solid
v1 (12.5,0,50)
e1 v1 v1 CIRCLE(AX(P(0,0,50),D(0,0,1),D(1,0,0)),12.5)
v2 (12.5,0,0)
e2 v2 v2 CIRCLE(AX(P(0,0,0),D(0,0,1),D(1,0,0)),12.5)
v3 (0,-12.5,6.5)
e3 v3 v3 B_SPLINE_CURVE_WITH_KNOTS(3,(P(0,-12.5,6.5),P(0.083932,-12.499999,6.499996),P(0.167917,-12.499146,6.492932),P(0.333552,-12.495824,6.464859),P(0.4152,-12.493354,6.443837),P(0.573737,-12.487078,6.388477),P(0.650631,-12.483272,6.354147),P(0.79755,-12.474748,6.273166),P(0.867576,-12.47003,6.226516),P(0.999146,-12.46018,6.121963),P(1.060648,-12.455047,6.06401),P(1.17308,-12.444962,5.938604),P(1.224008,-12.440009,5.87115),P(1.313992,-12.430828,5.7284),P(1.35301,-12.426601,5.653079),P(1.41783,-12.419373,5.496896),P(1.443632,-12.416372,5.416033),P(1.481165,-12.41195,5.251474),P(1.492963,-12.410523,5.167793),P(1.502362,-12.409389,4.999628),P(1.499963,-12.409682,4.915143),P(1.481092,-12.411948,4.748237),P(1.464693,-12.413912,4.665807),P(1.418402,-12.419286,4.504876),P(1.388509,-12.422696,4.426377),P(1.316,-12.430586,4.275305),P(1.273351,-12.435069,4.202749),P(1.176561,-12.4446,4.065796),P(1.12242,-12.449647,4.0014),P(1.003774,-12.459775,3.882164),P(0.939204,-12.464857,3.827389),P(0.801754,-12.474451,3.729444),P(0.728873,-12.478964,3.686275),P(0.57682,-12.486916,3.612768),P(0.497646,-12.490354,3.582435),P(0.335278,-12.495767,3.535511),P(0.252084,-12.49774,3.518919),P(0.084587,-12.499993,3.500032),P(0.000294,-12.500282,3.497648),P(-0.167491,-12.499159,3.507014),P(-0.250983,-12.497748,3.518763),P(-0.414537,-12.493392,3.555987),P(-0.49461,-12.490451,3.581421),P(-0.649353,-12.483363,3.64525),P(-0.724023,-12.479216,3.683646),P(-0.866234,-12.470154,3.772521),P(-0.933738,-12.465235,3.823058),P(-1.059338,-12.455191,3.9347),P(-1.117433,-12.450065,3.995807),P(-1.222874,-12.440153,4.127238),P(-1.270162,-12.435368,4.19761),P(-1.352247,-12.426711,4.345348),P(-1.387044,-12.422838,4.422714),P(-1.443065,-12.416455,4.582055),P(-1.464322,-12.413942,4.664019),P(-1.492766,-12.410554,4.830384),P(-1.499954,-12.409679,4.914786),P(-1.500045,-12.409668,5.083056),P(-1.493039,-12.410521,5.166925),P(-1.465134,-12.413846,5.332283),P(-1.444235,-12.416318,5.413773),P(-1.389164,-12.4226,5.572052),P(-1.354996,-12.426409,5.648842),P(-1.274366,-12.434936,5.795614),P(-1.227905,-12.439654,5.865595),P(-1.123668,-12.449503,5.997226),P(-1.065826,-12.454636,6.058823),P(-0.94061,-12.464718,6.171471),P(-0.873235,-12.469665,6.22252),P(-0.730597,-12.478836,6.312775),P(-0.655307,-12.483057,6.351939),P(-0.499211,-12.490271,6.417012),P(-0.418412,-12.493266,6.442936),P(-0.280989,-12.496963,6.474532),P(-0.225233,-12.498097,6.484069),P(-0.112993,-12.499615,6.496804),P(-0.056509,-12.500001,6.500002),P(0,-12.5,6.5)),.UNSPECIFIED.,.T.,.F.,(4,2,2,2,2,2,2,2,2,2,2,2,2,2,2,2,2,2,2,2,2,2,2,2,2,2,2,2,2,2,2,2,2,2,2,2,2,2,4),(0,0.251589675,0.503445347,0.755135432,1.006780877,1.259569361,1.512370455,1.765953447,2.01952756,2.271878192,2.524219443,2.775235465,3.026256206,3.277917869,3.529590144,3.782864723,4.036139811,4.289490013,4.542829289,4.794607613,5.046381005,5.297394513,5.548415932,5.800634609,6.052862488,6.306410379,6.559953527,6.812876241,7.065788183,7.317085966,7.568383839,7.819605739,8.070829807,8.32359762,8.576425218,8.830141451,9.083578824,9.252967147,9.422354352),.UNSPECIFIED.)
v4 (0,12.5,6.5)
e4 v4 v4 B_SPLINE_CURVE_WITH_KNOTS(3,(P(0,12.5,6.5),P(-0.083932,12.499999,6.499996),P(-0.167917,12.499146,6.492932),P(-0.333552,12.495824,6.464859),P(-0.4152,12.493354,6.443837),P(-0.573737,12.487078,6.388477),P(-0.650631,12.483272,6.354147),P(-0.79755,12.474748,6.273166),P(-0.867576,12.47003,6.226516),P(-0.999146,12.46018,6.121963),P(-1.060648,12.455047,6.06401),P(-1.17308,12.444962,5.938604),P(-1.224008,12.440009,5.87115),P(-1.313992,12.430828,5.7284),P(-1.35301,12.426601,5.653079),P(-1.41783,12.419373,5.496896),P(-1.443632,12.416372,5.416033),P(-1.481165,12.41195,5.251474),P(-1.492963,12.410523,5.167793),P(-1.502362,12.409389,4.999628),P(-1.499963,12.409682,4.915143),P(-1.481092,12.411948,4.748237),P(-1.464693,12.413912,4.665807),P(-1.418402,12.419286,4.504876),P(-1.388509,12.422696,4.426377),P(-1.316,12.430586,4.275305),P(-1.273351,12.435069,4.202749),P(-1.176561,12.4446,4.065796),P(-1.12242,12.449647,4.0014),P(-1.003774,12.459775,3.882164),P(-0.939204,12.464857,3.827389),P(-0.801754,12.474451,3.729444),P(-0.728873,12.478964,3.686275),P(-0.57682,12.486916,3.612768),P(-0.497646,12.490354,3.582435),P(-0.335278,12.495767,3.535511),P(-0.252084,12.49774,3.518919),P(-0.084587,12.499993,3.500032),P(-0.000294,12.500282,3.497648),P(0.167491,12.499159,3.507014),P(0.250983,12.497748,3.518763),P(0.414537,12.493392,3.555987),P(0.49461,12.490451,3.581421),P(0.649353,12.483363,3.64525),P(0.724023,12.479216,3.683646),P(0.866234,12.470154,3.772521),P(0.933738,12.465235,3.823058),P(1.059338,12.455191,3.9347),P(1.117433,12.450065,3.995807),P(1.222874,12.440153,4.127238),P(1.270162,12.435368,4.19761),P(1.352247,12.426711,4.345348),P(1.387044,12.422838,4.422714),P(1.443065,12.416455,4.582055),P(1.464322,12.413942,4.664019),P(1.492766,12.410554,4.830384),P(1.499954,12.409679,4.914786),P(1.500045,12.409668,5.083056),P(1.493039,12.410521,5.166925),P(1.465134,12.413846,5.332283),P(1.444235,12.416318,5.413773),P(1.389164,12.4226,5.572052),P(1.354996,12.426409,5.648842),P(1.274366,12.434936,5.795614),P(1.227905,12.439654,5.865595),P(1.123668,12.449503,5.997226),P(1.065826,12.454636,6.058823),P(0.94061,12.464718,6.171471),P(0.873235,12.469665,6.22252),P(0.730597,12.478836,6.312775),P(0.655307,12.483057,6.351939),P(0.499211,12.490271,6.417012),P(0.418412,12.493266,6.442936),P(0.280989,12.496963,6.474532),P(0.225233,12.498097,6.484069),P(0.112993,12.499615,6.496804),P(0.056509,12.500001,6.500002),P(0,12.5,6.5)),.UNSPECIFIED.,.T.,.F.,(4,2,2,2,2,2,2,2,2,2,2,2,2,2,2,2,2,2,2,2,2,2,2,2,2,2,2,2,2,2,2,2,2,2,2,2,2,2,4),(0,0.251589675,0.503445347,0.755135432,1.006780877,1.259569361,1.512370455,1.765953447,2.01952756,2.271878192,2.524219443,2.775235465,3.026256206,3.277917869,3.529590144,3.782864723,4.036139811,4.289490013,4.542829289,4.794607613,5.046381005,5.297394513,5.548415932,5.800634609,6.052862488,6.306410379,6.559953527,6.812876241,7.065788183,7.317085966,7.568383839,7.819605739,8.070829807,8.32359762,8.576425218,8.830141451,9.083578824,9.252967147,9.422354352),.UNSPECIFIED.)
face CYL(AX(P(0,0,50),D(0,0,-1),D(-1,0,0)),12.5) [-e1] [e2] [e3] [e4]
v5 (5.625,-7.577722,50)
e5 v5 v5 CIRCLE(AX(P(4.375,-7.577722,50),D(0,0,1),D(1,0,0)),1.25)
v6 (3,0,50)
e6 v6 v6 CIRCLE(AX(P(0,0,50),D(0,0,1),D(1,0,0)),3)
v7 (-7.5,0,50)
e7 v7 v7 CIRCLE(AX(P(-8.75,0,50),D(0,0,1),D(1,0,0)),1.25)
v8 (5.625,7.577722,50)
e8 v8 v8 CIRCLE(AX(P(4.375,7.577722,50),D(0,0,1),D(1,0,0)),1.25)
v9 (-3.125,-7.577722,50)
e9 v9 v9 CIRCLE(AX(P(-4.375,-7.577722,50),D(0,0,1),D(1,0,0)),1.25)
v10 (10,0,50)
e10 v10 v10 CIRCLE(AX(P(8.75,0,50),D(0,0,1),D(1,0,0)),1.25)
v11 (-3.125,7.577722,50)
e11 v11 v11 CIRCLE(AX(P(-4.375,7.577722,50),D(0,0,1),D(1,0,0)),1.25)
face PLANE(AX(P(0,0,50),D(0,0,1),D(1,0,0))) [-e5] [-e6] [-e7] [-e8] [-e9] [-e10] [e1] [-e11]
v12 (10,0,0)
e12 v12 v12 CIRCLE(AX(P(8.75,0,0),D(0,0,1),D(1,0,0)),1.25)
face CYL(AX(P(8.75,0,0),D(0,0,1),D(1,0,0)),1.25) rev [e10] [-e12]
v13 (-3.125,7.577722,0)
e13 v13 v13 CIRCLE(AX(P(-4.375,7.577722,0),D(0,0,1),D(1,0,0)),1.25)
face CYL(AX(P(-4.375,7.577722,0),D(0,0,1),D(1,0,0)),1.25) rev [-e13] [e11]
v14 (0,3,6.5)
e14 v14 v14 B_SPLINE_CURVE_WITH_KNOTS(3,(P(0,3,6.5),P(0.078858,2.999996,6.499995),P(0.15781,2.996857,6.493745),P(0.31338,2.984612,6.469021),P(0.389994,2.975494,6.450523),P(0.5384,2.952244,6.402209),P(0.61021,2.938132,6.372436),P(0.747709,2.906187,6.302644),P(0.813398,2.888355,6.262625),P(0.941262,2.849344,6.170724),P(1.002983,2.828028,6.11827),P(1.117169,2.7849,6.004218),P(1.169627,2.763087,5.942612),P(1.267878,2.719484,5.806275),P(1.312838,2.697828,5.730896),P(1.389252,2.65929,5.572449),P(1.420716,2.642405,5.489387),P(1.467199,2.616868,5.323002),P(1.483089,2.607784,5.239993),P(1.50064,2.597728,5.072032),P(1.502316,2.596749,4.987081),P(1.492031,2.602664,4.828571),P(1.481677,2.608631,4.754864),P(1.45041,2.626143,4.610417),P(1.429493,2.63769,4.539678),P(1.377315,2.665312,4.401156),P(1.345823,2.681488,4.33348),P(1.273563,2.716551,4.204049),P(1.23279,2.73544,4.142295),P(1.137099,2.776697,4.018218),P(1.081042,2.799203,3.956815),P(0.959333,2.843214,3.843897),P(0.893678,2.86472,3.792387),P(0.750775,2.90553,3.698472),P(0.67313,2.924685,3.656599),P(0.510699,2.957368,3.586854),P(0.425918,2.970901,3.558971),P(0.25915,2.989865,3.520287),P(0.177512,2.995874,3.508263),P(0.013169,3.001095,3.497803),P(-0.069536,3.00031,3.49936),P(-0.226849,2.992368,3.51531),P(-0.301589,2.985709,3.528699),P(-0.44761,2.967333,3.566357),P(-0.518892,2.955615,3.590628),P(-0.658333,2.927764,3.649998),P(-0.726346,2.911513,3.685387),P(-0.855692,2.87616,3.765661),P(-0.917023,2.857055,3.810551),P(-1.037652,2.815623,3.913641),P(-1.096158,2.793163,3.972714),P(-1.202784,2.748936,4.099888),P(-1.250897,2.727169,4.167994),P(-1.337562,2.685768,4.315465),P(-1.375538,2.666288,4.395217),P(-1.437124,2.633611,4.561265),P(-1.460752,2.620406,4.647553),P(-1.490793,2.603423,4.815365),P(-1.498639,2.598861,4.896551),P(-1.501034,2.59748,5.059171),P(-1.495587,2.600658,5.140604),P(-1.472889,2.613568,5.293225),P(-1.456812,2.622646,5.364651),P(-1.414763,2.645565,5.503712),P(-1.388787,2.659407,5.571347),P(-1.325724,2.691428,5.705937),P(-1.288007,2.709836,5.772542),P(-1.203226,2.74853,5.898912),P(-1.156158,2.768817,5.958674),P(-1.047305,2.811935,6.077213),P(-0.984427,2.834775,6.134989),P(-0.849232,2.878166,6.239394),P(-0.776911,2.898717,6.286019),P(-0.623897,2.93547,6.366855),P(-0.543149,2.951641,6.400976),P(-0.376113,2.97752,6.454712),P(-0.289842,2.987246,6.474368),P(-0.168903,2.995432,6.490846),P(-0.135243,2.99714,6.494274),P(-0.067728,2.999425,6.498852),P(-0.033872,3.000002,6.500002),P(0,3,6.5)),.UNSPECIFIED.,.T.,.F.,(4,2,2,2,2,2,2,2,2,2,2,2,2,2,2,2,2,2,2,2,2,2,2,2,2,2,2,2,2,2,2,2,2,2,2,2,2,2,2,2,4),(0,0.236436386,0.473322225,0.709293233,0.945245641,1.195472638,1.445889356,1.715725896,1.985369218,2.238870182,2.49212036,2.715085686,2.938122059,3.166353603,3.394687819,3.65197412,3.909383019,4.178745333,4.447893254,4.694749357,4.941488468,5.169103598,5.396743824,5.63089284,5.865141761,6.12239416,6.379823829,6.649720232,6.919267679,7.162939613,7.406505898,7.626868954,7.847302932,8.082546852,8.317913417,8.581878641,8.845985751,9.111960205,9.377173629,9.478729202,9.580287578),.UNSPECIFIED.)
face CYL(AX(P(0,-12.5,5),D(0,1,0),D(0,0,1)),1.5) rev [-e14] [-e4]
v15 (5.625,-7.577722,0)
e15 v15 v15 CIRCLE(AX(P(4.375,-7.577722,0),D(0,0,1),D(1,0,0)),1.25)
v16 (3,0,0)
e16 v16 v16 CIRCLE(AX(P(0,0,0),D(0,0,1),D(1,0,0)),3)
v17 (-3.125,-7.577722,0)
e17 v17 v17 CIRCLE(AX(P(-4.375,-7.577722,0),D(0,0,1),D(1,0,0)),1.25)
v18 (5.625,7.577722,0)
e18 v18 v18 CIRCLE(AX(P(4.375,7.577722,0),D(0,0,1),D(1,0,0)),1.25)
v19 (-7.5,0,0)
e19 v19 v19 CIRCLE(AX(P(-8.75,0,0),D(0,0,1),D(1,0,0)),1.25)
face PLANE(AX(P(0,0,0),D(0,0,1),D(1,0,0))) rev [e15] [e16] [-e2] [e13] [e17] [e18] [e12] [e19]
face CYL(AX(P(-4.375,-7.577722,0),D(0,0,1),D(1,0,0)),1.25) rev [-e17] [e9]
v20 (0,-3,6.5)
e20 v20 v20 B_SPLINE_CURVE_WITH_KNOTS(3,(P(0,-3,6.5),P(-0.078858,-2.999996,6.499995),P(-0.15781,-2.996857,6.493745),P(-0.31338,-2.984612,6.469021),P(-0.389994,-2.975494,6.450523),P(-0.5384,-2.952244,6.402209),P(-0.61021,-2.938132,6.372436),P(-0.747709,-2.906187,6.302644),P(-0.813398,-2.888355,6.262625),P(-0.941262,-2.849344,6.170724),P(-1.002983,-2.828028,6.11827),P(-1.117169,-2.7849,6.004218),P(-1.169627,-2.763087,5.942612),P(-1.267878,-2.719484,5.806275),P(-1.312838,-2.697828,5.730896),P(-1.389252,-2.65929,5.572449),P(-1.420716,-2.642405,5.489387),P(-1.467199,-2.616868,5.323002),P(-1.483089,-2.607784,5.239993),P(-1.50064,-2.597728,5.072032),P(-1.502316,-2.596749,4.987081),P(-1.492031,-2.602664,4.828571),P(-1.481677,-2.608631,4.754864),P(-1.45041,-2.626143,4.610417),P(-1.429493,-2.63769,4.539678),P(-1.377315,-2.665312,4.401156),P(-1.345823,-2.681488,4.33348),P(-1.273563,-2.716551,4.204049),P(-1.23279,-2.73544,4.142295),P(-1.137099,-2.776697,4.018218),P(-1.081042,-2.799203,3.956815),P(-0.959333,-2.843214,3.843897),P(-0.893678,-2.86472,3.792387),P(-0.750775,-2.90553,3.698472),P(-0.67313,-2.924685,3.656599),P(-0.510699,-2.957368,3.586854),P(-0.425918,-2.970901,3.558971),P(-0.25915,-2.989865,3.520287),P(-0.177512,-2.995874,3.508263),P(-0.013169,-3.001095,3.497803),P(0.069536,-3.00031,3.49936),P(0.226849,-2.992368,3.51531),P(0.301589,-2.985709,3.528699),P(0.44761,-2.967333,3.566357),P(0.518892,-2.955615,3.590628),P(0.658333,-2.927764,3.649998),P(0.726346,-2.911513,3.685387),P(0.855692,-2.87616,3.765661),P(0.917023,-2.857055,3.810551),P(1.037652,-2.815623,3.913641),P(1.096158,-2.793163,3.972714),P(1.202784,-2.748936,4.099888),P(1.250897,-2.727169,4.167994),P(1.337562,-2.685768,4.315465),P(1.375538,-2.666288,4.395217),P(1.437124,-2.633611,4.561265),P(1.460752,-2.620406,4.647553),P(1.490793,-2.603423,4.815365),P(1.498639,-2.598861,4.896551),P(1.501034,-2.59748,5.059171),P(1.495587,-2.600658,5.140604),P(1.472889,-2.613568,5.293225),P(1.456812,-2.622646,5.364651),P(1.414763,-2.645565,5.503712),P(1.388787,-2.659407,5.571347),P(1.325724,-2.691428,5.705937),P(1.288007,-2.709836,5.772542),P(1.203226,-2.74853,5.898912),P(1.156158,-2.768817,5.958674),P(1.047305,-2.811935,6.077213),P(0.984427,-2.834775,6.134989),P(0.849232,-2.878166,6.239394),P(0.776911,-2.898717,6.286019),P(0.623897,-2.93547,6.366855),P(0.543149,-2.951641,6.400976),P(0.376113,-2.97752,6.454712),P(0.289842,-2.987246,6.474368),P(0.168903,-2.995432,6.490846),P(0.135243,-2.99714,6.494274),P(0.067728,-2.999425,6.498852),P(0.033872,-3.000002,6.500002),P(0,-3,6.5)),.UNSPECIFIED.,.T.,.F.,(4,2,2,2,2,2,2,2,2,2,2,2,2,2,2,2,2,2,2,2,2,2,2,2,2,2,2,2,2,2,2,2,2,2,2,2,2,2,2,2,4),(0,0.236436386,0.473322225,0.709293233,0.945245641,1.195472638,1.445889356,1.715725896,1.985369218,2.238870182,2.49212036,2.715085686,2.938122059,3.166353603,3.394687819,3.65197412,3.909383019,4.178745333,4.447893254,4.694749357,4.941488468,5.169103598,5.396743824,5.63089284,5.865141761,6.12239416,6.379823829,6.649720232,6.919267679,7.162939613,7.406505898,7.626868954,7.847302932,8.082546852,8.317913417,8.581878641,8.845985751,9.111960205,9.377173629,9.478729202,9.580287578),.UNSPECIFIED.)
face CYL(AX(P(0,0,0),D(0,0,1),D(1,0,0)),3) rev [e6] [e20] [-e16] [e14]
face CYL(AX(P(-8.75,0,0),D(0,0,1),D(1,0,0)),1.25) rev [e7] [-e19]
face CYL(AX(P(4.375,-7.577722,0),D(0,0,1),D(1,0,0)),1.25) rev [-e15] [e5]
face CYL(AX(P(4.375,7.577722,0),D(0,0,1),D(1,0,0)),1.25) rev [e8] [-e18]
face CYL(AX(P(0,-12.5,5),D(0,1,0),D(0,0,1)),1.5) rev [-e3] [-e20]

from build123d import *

# Parameters (mm, degrees)
CROQUIS1_R              = 12.5
SALIENTE_EXTRUIR1_DEPTH = 50
CROQUIS3_R              = 1.25
CROQUIS3_R_2            = 3
CORTAR_EXTRUIR1_DEPTH   = 51
CROQUIS6_R              = 1.5
CORTAR_EXTRUIR2_DEPTH   = 26


with BuildPart() as part:
    # Croquis1 → Saliente-Extruir1 (new body)
    with BuildSketch(Plane.XY):
        Circle(CROQUIS1_R)
    extrude(amount=SALIENTE_EXTRUIR1_DEPTH)

    # Croquis3 → Cortar-Extruir1 (cut, through all)
    with BuildSketch(Plane.XY.offset(50)):
        with Locations((8.75, 0)):
            Circle(CROQUIS3_R)
        with Locations((4.375, -7.577722283)):
            Circle(CROQUIS3_R)
        with Locations((-4.375, -7.577722283)):
            Circle(CROQUIS3_R)
        with Locations((-8.75, 0)):
            Circle(CROQUIS3_R)
        with Locations((-4.375, 7.577722283)):
            Circle(CROQUIS3_R)
        with Locations((4.375, 7.577722283)):
            Circle(CROQUIS3_R)
        Circle(CROQUIS3_R_2)
    extrude(amount=-CORTAR_EXTRUIR1_DEPTH, mode=Mode.SUBTRACT)

    # Croquis6 → Cortar-Extruir2 (cut, through all)
    with BuildSketch(Plane(origin=(0, 12.5, 0), x_dir=(1, 0, 0), z_dir=(0, 1, 0))):
        with Locations((0, -5)):
            Circle(CROQUIS6_R)
    extrude(amount=-CORTAR_EXTRUIR2_DEPTH, mode=Mode.SUBTRACT)


solid = part.part
